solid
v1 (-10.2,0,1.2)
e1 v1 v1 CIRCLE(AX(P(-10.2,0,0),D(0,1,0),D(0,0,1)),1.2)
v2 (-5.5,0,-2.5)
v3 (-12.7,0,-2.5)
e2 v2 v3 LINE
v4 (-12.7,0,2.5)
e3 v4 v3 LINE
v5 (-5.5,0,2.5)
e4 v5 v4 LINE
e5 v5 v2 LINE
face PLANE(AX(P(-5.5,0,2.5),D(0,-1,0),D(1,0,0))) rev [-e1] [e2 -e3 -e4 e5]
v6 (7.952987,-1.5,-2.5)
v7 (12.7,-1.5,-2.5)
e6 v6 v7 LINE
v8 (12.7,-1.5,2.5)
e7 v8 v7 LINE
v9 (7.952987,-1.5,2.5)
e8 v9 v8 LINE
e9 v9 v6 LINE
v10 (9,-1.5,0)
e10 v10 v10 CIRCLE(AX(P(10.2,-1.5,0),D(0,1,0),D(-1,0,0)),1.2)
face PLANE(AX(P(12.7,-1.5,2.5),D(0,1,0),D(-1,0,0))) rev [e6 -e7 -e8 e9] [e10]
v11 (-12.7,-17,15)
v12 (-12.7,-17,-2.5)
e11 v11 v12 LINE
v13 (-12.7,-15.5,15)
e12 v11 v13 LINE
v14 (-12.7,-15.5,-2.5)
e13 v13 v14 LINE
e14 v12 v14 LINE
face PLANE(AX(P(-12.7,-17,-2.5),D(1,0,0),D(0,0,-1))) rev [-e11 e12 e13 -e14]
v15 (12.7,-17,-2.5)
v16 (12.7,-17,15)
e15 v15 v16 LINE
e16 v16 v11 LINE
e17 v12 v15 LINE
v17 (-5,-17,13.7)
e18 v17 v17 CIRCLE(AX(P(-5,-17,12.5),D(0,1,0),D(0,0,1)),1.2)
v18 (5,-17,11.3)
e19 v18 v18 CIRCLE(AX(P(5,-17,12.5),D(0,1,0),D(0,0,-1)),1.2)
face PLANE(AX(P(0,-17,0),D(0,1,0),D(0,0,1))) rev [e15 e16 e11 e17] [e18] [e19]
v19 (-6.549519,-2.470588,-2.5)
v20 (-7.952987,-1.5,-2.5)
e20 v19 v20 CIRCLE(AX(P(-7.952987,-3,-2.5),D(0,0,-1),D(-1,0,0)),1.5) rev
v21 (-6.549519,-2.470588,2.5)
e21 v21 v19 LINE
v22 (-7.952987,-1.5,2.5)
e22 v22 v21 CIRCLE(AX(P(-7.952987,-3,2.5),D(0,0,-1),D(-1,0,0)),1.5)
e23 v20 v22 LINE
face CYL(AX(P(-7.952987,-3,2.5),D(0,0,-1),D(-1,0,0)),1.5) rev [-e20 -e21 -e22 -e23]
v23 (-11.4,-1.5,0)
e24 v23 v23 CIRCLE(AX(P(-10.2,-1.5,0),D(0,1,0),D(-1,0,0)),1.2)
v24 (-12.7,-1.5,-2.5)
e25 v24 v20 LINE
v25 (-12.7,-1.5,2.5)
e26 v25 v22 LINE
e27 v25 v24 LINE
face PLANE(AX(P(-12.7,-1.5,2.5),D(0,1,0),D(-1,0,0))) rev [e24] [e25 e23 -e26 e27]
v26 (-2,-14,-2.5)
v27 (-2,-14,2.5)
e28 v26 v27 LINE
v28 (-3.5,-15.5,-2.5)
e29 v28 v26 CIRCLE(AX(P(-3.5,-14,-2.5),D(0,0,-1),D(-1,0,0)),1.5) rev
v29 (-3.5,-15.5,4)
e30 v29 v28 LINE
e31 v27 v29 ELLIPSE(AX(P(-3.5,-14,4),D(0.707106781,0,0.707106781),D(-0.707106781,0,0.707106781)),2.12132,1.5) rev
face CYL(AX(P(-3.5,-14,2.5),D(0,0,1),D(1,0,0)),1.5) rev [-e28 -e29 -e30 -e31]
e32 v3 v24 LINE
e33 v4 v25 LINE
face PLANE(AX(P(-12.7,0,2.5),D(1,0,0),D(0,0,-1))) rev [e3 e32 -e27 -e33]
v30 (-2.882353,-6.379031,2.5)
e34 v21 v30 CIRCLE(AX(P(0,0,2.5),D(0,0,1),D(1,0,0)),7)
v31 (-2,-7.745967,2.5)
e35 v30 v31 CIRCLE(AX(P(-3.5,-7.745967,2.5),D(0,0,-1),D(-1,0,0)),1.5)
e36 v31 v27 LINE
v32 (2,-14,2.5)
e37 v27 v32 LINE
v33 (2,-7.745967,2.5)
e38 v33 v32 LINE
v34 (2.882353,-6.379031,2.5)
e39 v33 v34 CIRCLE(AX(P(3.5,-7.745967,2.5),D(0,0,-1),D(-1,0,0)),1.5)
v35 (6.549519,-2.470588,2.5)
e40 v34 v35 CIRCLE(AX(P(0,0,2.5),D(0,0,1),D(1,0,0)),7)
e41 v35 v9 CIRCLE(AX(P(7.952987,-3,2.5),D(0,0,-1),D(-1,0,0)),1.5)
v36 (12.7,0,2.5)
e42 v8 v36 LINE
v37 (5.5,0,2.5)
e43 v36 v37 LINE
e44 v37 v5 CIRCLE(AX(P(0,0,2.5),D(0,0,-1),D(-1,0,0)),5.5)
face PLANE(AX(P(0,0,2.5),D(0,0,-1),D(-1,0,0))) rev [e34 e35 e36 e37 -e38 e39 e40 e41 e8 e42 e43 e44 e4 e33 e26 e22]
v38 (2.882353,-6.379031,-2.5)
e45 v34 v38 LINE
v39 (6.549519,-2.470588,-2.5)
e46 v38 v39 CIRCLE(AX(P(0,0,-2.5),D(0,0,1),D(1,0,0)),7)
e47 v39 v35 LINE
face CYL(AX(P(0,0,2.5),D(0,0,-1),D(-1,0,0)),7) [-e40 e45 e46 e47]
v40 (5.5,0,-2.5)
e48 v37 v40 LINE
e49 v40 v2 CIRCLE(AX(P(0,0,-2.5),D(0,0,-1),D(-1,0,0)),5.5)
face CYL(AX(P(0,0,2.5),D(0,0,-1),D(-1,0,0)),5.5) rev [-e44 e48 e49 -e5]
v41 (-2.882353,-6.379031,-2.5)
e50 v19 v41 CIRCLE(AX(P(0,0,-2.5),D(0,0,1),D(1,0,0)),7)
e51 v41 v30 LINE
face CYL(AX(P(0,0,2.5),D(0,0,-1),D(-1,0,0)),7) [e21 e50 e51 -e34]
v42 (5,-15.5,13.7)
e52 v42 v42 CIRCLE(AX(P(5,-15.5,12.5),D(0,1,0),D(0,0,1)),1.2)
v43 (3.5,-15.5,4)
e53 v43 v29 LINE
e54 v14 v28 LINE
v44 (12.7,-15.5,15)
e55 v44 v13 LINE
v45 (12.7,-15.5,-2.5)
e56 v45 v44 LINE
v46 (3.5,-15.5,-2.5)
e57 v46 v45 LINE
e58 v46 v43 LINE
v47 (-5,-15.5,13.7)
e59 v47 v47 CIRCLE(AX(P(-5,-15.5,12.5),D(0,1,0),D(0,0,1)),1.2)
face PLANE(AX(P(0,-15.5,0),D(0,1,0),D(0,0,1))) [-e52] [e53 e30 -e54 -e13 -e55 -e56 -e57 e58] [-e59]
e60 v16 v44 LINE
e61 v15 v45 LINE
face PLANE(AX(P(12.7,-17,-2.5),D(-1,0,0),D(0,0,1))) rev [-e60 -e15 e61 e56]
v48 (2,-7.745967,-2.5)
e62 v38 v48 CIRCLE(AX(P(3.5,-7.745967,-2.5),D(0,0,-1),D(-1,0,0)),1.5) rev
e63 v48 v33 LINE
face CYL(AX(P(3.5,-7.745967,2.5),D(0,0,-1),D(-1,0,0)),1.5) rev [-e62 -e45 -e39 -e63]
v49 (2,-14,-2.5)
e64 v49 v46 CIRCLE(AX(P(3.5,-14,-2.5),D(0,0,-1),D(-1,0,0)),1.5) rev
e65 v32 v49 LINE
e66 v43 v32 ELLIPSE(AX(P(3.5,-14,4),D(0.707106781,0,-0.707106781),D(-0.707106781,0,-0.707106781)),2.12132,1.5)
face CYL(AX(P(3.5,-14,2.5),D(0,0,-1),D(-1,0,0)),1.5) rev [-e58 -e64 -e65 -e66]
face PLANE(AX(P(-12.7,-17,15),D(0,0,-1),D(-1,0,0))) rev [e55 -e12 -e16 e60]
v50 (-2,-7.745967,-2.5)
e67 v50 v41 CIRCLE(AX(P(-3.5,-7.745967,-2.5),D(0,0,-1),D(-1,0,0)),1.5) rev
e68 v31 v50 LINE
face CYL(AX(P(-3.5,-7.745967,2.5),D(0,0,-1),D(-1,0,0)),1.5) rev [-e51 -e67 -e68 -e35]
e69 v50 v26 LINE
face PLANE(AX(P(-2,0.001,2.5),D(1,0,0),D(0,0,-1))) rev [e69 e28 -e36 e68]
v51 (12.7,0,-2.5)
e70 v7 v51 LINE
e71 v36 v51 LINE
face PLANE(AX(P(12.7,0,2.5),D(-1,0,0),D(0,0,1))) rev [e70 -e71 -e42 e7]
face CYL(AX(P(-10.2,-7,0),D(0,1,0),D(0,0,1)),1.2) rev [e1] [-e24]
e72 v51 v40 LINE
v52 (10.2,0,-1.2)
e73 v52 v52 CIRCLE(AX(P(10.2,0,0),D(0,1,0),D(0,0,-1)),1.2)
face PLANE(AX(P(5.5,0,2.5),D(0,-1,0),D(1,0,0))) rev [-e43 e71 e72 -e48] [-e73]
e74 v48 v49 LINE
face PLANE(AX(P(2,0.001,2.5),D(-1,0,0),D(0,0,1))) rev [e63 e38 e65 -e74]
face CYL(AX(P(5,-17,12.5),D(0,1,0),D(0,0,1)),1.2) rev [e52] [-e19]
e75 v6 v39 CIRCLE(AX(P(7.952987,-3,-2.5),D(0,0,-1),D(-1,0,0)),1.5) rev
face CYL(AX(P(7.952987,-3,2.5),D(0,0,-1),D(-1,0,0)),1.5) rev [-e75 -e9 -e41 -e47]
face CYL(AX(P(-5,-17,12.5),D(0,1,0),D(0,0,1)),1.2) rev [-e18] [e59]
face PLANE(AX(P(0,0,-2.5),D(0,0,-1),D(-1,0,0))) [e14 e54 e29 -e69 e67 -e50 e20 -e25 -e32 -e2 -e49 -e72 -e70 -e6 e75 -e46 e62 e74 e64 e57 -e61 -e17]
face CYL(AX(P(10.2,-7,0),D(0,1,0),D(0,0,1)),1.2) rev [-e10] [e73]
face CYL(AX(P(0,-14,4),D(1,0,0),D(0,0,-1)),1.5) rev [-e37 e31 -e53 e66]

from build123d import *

# Parameters (mm, degrees)
BOSS_EXTRUDE1_DEPTH = 2.5
SKETCH2_R           = 1.2
CUT_EXTRUDE1_DEPTH  = 8
BOSS_EXTRUDE2_START = -15.5
SKETCH3_W           = 4
SKETCH3_H           = 5
BOSS_EXTRUDE2_DEPTH = 8.791796
SKETCH4_W           = 25.4
SKETCH4_H           = 17.5
BOSS_EXTRUDE3_DEPTH = 1.5
FILLET1_R           = 1.5
SKETCH5_R           = 1.2
CUT_EXTRUDE2_DEPTH  = 18


with BuildPart() as part:
    # Sketch1 → Boss-Extrude1 (new body, symmetric)
    with BuildSketch(Plane.XY):
        with BuildLine():
            Line((5.5, 0), (12.7, 0))
            Line((12.7, 0), (12.7, -1.5))
            Line((12.7, -1.5), (6.837397166, -1.5))
            ThreePointArc((6.837397166, -1.5), (0, -7), (-6.837397166, -1.5))
            Line((-6.837397166, -1.5), (-12.7, -1.5))
            Line((-12.7, -1.5), (-12.7, 0))
            Line((-12.7, 0), (-5.5, 0))
            ThreePointArc((-5.5, 0), (0, -5.5), (5.5, 0))
        make_face()
    extrude(amount=BOSS_EXTRUDE1_DEPTH, both=True)

    # Sketch2 → Cut-Extrude1 (cut, through all)
    with BuildSketch(Plane(origin=(0, 0, 0), x_dir=(1, 0, 0), z_dir=(0, 1, 0))):
        with Locations((-10.2, 0)):
            Circle(SKETCH2_R)
        with Locations((10.2, 0)):
            Circle(SKETCH2_R)
    extrude(amount=-CUT_EXTRUDE1_DEPTH, mode=Mode.SUBTRACT)

    # Sketch3 → Boss-Extrude2 (add)
    with BuildSketch(Plane(origin=(0, 0, 0), x_dir=(1, 0, 0), z_dir=(0, 1, 0)).offset(BOSS_EXTRUDE2_START)):
        Rectangle(SKETCH3_W, SKETCH3_H)
    extrude(amount=BOSS_EXTRUDE2_DEPTH)

    # Sketch4 → Boss-Extrude3 (add)
    with BuildSketch(Plane.XZ.offset(15.5)):
        with Locations((0, 6.25)):
            Rectangle(SKETCH4_W, SKETCH4_H)
    extrude(amount=BOSS_EXTRUDE3_DEPTH)

    # Fillet1
    fillet1_edges = [part.edges().sort_by_distance(p)[0] for p in [
        (6.837397166, -1.5, 0),
        (-6.837397166, -1.5, 0),
        (2, -15.5, 0),
        (-2, -15.5, 0),
        (0, -15.5, 2.5),
        (2, -6.708204, 0),
        (-2, -6.708204, 0),
    ]]
    fillet(fillet1_edges, radius=FILLET1_R)

    # Sketch5 → Cut-Extrude2 (cut, through all)
    with BuildSketch(Plane(origin=(0, 0, 0), x_dir=(1, 0, 0), z_dir=(0, 1, 0))):
        with Locations((-5, -12.5)):
            Circle(SKETCH5_R)
        with Locations((5, -12.5)):
            Circle(SKETCH5_R)
    extrude(amount=-CUT_EXTRUDE2_DEPTH, mode=Mode.SUBTRACT)


solid = part.part
